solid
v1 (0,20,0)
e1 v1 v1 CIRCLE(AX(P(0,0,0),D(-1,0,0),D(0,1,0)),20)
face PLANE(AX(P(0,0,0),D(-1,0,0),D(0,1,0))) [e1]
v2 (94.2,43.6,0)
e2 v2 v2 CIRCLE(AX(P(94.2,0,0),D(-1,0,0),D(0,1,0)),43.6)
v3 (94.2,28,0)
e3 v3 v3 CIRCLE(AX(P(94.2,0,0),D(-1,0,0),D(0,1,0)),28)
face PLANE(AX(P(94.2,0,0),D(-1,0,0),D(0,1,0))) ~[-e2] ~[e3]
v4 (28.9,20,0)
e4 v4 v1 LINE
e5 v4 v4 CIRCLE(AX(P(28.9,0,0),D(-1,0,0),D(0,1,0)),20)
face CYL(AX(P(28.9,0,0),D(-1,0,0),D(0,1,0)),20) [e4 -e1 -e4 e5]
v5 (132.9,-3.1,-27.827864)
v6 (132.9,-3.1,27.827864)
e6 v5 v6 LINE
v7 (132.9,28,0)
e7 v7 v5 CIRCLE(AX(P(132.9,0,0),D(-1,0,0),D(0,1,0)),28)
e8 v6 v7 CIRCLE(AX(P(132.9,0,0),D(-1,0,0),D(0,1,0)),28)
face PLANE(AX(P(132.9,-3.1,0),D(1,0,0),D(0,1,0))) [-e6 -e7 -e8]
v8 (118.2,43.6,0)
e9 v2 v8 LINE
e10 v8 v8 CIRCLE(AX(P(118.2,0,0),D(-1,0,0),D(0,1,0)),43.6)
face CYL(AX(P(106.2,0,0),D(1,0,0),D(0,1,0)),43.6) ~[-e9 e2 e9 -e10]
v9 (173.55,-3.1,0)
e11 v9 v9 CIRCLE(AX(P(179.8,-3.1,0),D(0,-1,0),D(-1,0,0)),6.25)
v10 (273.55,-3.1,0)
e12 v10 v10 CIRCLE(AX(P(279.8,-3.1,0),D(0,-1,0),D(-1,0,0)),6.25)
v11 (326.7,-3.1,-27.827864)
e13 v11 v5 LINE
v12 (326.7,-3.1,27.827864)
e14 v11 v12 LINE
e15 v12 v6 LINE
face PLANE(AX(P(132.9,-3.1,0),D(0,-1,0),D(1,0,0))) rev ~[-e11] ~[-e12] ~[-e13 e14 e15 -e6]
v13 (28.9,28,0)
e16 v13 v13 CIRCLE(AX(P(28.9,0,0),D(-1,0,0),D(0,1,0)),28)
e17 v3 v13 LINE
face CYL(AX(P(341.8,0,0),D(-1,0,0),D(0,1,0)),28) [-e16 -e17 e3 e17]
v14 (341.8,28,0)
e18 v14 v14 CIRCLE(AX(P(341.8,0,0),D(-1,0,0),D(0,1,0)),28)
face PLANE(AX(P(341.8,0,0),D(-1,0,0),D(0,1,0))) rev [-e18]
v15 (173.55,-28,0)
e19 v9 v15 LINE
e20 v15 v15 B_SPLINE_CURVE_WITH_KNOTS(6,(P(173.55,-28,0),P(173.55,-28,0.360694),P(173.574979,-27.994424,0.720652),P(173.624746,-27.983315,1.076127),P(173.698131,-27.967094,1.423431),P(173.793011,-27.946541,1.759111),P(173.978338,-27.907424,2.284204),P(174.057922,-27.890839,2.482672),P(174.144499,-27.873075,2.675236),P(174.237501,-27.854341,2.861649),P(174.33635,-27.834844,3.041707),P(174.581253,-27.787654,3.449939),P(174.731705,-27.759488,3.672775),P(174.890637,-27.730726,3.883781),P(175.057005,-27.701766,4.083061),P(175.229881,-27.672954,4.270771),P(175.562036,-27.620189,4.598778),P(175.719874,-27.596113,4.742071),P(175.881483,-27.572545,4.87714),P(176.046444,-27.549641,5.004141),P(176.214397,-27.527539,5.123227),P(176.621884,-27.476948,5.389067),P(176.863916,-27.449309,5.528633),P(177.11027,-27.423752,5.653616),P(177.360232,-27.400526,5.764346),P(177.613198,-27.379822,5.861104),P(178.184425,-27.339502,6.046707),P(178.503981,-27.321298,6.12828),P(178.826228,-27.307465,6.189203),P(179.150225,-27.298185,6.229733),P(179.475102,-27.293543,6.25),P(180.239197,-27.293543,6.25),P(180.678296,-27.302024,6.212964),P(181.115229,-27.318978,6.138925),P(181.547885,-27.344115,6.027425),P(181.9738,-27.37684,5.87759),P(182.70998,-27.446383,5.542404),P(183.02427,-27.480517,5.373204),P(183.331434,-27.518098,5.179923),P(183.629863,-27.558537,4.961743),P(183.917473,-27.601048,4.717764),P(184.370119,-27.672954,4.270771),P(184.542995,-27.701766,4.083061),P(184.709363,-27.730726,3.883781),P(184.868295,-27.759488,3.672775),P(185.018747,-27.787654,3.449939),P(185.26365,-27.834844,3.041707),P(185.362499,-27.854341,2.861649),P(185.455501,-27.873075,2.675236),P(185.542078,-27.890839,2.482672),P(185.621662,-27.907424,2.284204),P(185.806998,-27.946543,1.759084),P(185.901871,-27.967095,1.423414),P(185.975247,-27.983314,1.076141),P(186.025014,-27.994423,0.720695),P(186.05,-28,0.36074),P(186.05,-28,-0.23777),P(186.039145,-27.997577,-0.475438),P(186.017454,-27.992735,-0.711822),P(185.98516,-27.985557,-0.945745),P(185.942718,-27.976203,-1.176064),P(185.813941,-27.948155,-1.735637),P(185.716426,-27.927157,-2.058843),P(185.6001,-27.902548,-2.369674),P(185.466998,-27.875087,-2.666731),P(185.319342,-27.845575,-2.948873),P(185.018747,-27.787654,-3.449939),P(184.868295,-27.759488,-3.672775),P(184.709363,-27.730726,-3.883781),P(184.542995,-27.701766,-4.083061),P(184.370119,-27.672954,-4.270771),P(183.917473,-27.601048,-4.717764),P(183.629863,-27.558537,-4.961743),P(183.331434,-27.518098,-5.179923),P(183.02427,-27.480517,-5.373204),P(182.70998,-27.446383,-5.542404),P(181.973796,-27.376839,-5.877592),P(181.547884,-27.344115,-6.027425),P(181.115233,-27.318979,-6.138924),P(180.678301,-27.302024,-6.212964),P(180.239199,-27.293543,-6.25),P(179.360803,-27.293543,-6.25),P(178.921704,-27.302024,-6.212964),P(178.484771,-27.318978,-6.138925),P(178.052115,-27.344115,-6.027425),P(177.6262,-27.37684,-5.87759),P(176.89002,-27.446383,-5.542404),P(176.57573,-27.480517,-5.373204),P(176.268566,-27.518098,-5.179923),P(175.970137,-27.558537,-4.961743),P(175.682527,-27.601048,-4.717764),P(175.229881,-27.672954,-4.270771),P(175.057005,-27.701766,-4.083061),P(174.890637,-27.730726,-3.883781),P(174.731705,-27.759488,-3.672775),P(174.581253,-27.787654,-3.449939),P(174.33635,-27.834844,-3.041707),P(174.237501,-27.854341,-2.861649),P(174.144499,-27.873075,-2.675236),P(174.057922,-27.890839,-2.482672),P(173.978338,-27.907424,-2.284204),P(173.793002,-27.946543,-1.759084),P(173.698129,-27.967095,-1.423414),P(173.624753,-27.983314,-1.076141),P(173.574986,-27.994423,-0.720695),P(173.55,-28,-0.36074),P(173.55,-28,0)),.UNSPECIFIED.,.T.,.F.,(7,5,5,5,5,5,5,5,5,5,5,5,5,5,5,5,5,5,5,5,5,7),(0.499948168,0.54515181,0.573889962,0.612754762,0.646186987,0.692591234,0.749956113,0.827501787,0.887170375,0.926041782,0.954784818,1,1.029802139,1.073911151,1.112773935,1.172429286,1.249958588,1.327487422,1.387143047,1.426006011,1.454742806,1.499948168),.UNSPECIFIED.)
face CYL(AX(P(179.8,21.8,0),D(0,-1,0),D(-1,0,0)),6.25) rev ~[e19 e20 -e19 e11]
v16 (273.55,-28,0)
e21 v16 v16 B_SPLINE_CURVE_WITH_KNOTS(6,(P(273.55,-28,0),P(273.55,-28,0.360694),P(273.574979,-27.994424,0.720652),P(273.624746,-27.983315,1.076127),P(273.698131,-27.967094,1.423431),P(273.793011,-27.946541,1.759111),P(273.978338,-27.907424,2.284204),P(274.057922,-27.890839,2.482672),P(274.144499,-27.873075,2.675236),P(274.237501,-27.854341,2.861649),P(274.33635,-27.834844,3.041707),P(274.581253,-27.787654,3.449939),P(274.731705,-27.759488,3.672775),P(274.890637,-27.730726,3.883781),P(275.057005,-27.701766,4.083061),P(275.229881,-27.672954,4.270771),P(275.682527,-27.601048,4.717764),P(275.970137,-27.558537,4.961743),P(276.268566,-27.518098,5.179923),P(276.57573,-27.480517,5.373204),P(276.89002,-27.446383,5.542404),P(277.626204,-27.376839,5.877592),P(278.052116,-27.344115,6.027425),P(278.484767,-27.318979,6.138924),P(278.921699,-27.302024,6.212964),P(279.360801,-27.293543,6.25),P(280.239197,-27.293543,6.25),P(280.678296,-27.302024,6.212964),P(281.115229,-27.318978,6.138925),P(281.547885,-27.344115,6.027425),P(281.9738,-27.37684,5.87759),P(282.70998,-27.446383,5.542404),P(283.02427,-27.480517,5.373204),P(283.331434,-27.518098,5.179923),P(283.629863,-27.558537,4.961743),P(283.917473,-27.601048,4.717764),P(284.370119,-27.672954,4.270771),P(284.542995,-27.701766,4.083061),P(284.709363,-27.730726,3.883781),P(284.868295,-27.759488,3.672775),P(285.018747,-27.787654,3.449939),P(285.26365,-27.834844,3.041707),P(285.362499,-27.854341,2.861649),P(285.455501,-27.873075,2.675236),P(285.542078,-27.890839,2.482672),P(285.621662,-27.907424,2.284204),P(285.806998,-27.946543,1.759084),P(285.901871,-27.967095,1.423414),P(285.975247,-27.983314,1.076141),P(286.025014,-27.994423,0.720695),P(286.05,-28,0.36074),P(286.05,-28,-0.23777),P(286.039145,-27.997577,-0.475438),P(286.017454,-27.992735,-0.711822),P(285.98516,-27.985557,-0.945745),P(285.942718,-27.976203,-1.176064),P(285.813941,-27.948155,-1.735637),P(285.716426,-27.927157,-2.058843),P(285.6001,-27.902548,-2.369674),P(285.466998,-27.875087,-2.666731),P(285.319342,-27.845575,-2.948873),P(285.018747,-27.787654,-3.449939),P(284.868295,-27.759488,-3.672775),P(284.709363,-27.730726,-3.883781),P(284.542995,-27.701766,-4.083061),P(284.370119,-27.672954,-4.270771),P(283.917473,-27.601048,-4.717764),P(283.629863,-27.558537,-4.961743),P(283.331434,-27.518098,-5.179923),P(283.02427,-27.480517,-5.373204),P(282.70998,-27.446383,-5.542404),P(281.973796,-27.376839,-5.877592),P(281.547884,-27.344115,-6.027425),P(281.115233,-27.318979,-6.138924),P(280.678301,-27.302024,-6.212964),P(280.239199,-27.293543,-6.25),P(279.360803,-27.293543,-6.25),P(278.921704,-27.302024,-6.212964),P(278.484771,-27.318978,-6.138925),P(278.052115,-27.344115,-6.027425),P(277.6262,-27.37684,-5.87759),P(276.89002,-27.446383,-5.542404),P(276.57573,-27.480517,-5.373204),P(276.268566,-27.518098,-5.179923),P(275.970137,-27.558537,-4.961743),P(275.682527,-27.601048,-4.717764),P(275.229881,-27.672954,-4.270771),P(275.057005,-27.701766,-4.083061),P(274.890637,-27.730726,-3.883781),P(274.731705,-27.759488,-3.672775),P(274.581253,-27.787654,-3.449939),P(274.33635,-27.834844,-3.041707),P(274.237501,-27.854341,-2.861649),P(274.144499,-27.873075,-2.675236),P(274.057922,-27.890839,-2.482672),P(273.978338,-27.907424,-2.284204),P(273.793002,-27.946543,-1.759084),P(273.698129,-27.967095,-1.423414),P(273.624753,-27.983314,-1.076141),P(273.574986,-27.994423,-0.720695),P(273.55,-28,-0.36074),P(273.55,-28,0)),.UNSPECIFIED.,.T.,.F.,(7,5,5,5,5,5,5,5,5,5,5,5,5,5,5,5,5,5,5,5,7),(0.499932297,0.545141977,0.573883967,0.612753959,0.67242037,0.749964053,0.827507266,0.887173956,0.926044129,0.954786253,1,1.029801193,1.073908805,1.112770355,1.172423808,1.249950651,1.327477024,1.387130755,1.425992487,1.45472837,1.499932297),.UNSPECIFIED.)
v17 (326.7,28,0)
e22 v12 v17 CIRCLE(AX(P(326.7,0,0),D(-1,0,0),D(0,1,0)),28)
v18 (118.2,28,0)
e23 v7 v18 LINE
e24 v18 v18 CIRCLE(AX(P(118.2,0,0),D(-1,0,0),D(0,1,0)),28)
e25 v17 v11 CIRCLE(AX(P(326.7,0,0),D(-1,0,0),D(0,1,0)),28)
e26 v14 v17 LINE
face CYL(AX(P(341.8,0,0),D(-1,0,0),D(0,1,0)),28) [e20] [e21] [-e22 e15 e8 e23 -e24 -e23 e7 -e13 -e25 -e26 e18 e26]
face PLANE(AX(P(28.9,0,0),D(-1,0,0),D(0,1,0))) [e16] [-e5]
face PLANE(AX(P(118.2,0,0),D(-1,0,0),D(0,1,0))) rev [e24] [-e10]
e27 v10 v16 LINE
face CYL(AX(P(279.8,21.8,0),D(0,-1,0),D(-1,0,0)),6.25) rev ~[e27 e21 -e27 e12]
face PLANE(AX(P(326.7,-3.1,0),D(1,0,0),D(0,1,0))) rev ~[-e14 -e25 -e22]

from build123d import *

# Parameters (mm, degrees)
SKETCH1_W               = 24
SKETCH1_H               = 15.6
SKETCH2_W               = 193.8
SKETCH2_H               = 31.1
CUT_EXTRUDE1_DEPTH      = 44.6
CUT_EXTRUDE1_DEPTH_BACK = 44.6
HOLE1_D                 = 12.5
HOLE1_DEPTH             = 24.9


with BuildPart() as part:
    # Sketch1 → Revolve2 (revolve)
    with BuildSketch(Plane.XY):
        Polygon((0, 20), (0, 0), (341.8, 0), (341.8, 28), (118.2, 28), (94.2, 28), (28.9, 28), (28.9, 20), align=None)
        with Locations((106.2, 35.8)):
            Rectangle(SKETCH1_W, SKETCH1_H)
    revolve(axis=Axis((341.8, 0, 0), (-1, 0, 0)))

    # Sketch2 → Cut-Extrude1 (cut, two sides)
    with BuildSketch(Plane.XY) as cut_extrude1_sk:
        with Locations((229.8, 12.45)):
            Rectangle(SKETCH2_W, SKETCH2_H)
    extrude(amount=CUT_EXTRUDE1_DEPTH, mode=Mode.SUBTRACT)
    extrude(cut_extrude1_sk.sketch, amount=-CUT_EXTRUDE1_DEPTH_BACK, mode=Mode.SUBTRACT)

    # Hole1
    with Locations(Plane(origin=(0, -3.1, 0), x_dir=(1, 0, 0), z_dir=(0, 1, 0))):
        with Locations((179.8, 0), (279.8, 0)):
            Hole(HOLE1_D / 2, depth=HOLE1_DEPTH)


solid = part.part
